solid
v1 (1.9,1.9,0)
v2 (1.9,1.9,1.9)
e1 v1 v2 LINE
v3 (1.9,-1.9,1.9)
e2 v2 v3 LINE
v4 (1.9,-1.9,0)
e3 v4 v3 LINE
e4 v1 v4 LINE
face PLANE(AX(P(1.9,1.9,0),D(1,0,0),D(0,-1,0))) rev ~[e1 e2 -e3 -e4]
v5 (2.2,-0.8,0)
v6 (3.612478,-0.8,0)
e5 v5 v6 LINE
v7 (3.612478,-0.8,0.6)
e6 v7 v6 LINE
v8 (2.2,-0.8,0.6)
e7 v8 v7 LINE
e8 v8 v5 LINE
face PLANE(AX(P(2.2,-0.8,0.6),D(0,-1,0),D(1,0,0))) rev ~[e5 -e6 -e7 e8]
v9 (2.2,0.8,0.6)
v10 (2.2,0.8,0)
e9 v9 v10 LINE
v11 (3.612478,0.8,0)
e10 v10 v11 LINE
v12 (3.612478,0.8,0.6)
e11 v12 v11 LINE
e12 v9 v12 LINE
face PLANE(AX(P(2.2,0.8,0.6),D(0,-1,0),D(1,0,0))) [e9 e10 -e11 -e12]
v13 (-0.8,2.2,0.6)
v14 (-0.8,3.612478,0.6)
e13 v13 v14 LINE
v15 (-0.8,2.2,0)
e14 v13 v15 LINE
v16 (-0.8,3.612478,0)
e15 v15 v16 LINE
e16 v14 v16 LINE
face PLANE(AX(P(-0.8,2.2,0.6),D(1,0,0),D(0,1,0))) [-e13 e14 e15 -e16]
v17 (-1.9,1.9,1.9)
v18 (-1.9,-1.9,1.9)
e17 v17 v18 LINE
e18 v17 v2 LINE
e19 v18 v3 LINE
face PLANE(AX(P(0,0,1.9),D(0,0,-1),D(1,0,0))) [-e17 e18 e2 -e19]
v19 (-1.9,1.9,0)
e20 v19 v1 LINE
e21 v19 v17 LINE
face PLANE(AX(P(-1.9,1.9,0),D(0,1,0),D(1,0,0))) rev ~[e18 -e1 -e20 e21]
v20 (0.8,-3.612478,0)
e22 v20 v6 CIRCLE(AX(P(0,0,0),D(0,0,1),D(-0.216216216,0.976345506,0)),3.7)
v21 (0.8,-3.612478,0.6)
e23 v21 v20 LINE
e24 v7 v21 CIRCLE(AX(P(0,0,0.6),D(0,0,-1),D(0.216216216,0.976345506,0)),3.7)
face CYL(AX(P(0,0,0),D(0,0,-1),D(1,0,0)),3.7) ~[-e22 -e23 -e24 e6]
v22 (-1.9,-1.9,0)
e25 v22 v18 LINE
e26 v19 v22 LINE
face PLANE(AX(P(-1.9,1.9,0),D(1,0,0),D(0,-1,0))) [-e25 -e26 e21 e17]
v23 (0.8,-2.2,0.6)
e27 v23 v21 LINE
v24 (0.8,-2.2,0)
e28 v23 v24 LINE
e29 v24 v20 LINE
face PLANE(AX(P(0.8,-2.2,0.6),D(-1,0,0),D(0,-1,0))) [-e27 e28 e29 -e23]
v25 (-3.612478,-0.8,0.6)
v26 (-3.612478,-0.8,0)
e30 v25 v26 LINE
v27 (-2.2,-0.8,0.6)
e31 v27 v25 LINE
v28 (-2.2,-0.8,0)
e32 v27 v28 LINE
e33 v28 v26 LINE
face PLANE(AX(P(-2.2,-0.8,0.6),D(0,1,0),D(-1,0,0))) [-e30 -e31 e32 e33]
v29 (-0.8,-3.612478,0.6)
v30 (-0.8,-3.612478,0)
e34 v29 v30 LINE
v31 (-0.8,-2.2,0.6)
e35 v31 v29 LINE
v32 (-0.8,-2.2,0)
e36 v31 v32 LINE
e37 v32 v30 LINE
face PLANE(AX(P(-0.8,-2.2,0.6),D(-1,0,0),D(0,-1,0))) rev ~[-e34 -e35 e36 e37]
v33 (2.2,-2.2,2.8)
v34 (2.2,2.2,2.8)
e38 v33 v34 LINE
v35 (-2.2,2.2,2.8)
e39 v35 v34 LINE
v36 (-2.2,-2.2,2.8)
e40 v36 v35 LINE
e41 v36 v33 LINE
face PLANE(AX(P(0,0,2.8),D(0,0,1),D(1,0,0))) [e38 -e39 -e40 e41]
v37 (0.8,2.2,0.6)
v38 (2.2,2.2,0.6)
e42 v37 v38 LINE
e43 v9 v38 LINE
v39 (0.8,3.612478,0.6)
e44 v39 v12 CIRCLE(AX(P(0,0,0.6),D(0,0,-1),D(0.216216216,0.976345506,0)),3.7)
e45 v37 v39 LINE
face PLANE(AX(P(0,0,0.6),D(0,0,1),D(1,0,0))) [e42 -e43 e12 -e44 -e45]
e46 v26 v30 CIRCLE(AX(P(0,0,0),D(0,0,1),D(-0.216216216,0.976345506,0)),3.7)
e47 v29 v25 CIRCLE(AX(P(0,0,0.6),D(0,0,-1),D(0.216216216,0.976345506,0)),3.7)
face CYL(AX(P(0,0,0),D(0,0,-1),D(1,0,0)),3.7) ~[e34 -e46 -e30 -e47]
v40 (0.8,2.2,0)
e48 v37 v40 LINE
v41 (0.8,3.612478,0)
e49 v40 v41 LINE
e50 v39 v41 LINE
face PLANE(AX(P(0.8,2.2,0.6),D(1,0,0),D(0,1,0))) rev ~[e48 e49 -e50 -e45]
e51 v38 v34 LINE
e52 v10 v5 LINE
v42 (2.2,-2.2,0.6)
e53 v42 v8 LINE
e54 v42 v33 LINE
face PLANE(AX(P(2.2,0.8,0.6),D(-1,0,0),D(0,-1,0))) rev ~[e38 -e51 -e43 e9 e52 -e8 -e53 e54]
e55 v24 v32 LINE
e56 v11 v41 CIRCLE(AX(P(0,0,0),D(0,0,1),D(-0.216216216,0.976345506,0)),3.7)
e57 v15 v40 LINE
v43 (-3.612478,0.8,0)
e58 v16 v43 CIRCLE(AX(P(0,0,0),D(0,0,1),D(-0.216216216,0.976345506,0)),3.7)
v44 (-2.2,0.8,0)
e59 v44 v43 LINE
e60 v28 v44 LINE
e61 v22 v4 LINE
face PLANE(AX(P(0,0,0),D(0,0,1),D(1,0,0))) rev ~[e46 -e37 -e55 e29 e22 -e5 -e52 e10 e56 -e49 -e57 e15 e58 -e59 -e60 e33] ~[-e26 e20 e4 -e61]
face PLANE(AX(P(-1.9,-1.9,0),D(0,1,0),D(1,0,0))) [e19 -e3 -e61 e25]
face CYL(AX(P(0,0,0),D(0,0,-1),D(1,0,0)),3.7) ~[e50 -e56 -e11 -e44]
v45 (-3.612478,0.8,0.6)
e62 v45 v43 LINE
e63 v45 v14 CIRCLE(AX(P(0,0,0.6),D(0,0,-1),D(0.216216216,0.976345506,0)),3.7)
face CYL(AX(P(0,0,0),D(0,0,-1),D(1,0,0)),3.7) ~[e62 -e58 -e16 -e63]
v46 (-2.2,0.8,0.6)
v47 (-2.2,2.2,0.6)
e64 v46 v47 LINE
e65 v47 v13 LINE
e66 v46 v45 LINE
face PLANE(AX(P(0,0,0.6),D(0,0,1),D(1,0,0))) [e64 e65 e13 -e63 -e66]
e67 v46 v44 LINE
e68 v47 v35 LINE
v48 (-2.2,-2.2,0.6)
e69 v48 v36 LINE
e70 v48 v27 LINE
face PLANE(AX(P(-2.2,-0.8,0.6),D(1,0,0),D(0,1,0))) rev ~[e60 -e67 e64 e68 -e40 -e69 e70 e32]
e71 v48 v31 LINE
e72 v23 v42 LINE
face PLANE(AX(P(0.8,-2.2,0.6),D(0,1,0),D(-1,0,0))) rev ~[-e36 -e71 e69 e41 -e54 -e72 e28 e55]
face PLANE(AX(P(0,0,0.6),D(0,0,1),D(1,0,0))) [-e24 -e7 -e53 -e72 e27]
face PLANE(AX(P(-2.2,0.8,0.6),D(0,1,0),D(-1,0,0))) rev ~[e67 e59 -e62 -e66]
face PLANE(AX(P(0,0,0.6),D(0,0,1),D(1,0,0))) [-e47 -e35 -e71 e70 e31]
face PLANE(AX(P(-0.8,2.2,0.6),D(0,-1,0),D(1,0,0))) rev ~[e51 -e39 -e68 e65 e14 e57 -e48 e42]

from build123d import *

# Parameters (mm, degrees)
SKETCH_W           = 4.4
SKETCH_H           = 4.4
PAD_DEPTH          = 2.8
SKETCH001_R        = 3.7
PAD001_DEPTH       = 0.6
SKETCH002_W        = 1.6
SKETCH002_H        = 3
POCKET_DEPTH       = 22.267564
POLARPATTERN_COUNT = 4
SKETCH003_W        = 3.8
SKETCH003_H        = 3.8
POCKET001_DEPTH    = 1.9


with BuildPart() as part:
    # Sketch → Pad (new body)
    with BuildSketch(Plane.XY):
        Rectangle(SKETCH_W, SKETCH_H)
    extrude(amount=PAD_DEPTH)

    # Sketch001 → Pad001 (join)
    with BuildSketch(Plane.XY):
        Circle(SKETCH001_R)
    extrude(amount=PAD001_DEPTH)

    # Sketch002 (on DatumPlane) → Pocket (cut, through all)
    with BuildSketch(Plane.XY.offset(0.6)):
        with Locations((0, 3.7)):
            Rectangle(SKETCH002_W, SKETCH002_H)
    pocket = extrude(amount=-POCKET_DEPTH, mode=Mode.SUBTRACT)

    # PolarPattern: Pocket ×4 about axis
    polarpattern_axis = Axis((0, 0, 0.6), (0, 0, 1))
    for i in range(1, POLARPATTERN_COUNT):
        add(pocket.rotate(polarpattern_axis, i * 360 / POLARPATTERN_COUNT), mode=Mode.SUBTRACT)

    # Sketch003 (on DatumPlane) → Pocket001 (cut)
    with BuildSketch(Plane(origin=(0, 0, 0), x_dir=(1, 0, 0), z_dir=(0, 0, -1))):
        Rectangle(SKETCH003_W, SKETCH003_H)
    extrude(amount=-POCKET001_DEPTH, mode=Mode.SUBTRACT)


solid = part.part
